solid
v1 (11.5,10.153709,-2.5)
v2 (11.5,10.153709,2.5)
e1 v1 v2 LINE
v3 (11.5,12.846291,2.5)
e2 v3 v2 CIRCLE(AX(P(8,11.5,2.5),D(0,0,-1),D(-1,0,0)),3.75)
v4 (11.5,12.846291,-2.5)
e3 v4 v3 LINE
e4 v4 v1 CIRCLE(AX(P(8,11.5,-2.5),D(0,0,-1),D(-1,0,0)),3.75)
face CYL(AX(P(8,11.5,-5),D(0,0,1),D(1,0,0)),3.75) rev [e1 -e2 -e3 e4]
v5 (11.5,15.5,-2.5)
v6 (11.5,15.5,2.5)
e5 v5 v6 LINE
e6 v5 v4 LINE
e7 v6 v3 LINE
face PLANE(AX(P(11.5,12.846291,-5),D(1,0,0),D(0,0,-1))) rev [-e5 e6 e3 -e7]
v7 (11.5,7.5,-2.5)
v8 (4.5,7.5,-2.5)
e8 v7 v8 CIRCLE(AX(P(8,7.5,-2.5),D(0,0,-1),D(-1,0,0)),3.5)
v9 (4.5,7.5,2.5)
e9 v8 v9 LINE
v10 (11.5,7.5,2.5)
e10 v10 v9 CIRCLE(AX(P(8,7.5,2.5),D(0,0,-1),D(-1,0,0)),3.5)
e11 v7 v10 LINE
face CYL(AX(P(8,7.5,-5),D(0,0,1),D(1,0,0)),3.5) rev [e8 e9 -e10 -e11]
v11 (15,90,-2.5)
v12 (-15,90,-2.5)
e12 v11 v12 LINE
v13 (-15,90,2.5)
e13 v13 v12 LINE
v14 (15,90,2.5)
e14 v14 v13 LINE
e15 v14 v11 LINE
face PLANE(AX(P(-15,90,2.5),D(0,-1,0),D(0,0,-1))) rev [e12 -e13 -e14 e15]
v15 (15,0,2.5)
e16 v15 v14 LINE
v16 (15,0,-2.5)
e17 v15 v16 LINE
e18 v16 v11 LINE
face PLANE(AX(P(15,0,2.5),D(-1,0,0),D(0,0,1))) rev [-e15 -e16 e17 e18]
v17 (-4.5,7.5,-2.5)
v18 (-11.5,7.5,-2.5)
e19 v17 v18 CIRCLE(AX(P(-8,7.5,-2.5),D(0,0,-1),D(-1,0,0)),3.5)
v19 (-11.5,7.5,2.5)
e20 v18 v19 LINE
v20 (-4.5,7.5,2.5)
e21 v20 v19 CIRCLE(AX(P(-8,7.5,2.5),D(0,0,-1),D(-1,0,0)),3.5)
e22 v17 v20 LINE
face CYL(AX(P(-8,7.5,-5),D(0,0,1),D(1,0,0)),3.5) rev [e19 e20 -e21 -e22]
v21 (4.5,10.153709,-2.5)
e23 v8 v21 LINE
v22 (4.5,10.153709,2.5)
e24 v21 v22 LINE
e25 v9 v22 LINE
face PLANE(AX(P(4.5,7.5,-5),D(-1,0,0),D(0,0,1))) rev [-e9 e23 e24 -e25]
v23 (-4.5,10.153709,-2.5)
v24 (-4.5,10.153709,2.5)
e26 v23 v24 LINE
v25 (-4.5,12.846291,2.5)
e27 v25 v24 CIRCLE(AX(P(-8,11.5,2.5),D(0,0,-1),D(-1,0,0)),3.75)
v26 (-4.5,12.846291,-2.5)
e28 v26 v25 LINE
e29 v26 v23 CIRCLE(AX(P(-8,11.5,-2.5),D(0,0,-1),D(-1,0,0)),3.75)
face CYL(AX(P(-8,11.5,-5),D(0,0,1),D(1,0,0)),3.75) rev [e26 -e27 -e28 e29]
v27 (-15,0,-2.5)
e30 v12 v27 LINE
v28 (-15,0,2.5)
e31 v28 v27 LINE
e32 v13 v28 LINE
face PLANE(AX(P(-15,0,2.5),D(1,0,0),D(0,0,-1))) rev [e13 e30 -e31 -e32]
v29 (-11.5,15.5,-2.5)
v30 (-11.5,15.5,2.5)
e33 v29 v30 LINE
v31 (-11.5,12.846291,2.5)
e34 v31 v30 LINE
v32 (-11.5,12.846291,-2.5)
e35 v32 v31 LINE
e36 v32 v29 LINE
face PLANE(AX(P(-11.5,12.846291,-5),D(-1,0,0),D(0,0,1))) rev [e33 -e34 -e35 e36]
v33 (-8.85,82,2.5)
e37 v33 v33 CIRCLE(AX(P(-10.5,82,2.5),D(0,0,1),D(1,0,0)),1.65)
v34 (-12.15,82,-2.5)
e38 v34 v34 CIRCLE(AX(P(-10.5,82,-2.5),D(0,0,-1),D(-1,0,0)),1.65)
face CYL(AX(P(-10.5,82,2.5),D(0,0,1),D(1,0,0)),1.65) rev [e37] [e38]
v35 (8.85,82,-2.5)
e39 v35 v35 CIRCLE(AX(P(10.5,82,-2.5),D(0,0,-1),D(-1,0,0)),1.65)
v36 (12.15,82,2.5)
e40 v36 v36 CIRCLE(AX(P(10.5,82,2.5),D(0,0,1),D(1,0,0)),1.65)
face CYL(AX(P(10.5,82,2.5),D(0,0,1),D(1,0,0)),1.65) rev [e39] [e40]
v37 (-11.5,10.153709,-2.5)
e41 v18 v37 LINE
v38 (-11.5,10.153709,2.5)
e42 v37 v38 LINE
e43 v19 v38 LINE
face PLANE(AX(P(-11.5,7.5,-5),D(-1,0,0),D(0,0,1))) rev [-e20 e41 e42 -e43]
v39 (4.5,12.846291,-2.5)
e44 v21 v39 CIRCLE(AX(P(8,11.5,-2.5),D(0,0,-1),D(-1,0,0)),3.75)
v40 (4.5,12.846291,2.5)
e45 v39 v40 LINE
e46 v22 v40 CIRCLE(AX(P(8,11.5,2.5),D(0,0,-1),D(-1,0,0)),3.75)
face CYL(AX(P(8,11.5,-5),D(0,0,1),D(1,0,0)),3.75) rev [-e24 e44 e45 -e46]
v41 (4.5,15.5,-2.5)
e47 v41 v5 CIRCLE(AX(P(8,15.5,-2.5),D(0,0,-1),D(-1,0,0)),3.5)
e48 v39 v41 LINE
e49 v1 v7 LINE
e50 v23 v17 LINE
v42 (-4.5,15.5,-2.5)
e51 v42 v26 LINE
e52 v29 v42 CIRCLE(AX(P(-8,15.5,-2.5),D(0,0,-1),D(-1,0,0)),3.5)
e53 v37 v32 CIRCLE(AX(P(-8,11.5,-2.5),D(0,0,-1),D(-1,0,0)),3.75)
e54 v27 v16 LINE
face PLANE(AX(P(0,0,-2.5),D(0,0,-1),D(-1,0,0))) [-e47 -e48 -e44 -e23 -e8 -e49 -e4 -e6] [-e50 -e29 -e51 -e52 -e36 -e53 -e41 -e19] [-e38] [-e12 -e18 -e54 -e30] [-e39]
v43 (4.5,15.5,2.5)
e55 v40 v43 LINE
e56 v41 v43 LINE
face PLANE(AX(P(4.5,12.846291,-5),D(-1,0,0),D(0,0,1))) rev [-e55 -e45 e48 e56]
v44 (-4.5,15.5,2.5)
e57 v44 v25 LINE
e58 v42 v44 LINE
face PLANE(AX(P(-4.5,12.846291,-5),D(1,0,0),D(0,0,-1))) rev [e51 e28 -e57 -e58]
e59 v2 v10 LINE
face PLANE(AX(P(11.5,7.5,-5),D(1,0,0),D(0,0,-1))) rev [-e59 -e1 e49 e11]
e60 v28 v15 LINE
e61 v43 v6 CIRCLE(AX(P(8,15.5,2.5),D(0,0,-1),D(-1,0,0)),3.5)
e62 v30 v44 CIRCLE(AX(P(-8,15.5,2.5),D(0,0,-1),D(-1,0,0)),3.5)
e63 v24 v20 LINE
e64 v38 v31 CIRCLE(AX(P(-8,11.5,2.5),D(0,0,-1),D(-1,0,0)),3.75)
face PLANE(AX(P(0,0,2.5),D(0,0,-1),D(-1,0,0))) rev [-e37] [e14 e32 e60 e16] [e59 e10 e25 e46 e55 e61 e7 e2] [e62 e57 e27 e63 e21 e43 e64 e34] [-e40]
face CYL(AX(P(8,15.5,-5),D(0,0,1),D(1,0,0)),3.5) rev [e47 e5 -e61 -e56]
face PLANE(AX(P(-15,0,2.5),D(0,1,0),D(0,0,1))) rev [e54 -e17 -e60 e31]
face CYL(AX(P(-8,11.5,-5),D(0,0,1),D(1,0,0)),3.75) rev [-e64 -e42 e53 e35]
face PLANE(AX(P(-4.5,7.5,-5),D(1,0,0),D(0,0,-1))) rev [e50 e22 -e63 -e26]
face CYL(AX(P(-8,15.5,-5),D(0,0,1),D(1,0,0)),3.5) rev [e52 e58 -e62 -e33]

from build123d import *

# Parameters (mm, degrees)
SKIZZE2_W                       = 30
SKIZZE2_H                       = 90
AUFSATZ_LINEAR_AUSTRAGEN2_DEPTH = 2.5
SCHNITT_LINEAR_AUSTRAGEN1_DEPTH = 5
M4_GEWINDEBOHRUNG1_D            = 3.3
M4_GEWINDEBOHRUNG1_DEPTH        = 11.5
M4_GEWINDEBOHRUNG1_TIP          = 0.991420021


with BuildPart() as part:
    # Skizze2 → Aufsatz-Linear austragen2 (new, symmetric)
    with BuildSketch(Plane.XY):
        with Locations((0, 45)):
            Rectangle(SKIZZE2_W, SKIZZE2_H)
    extrude(amount=AUFSATZ_LINEAR_AUSTRAGEN2_DEPTH, both=True)

    # Skizze1 → Schnitt-Linear austragen1 (cut, symmetric)
    with BuildSketch(Plane.XY):
        with BuildLine():
            Line((-11.5, 12.846291202), (-11.5, 15.5))
            ThreePointArc((-11.5, 15.5), (-8, 19), (-4.5, 15.5))
            Line((-4.5, 15.5), (-4.5, 12.846291202))
            ThreePointArc((-4.5, 12.846291202), (-4.25, 11.5), (-4.5, 10.153708798))
            Line((-4.5, 10.153708798), (-4.5, 7.5))
            ThreePointArc((-4.5, 7.5), (-8, 4), (-11.5, 7.5))
            Line((-11.5, 7.5), (-11.5, 10.153708798))
            ThreePointArc((-11.5, 10.153708798), (-11.75, 11.5), (-11.5, 12.846291202))
        make_face()
        with BuildLine():
            Line((4.5, 12.846291202), (4.5, 15.5))
            ThreePointArc((4.5, 15.5), (8, 19), (11.5, 15.5))
            Line((11.5, 15.5), (11.5, 12.846291202))
            ThreePointArc((11.5, 12.846291202), (11.75, 11.5), (11.5, 10.153708798))
            Line((11.5, 10.153708798), (11.5, 7.5))
            ThreePointArc((11.5, 7.5), (8, 4), (4.5, 7.5))
            Line((4.5, 7.5), (4.5, 10.153708798))
            ThreePointArc((4.5, 10.153708798), (4.25, 11.5), (4.5, 12.846291202))
        make_face()
    extrude(amount=SCHNITT_LINEAR_AUSTRAGEN1_DEPTH, both=True, mode=Mode.SUBTRACT)

    # M4 Gewindebohrung1
    with Locations(Plane.XY.offset(2.5)):
        with Locations((-10.5, 82), (10.5, 82)):
            Hole(M4_GEWINDEBOHRUNG1_D / 2, depth=M4_GEWINDEBOHRUNG1_DEPTH)
            with Locations((0, 0, -(M4_GEWINDEBOHRUNG1_DEPTH + M4_GEWINDEBOHRUNG1_TIP / 2))):  # 118° drill point
                Cone(0, M4_GEWINDEBOHRUNG1_D / 2, M4_GEWINDEBOHRUNG1_TIP, mode=Mode.SUBTRACT)


solid = part.part
